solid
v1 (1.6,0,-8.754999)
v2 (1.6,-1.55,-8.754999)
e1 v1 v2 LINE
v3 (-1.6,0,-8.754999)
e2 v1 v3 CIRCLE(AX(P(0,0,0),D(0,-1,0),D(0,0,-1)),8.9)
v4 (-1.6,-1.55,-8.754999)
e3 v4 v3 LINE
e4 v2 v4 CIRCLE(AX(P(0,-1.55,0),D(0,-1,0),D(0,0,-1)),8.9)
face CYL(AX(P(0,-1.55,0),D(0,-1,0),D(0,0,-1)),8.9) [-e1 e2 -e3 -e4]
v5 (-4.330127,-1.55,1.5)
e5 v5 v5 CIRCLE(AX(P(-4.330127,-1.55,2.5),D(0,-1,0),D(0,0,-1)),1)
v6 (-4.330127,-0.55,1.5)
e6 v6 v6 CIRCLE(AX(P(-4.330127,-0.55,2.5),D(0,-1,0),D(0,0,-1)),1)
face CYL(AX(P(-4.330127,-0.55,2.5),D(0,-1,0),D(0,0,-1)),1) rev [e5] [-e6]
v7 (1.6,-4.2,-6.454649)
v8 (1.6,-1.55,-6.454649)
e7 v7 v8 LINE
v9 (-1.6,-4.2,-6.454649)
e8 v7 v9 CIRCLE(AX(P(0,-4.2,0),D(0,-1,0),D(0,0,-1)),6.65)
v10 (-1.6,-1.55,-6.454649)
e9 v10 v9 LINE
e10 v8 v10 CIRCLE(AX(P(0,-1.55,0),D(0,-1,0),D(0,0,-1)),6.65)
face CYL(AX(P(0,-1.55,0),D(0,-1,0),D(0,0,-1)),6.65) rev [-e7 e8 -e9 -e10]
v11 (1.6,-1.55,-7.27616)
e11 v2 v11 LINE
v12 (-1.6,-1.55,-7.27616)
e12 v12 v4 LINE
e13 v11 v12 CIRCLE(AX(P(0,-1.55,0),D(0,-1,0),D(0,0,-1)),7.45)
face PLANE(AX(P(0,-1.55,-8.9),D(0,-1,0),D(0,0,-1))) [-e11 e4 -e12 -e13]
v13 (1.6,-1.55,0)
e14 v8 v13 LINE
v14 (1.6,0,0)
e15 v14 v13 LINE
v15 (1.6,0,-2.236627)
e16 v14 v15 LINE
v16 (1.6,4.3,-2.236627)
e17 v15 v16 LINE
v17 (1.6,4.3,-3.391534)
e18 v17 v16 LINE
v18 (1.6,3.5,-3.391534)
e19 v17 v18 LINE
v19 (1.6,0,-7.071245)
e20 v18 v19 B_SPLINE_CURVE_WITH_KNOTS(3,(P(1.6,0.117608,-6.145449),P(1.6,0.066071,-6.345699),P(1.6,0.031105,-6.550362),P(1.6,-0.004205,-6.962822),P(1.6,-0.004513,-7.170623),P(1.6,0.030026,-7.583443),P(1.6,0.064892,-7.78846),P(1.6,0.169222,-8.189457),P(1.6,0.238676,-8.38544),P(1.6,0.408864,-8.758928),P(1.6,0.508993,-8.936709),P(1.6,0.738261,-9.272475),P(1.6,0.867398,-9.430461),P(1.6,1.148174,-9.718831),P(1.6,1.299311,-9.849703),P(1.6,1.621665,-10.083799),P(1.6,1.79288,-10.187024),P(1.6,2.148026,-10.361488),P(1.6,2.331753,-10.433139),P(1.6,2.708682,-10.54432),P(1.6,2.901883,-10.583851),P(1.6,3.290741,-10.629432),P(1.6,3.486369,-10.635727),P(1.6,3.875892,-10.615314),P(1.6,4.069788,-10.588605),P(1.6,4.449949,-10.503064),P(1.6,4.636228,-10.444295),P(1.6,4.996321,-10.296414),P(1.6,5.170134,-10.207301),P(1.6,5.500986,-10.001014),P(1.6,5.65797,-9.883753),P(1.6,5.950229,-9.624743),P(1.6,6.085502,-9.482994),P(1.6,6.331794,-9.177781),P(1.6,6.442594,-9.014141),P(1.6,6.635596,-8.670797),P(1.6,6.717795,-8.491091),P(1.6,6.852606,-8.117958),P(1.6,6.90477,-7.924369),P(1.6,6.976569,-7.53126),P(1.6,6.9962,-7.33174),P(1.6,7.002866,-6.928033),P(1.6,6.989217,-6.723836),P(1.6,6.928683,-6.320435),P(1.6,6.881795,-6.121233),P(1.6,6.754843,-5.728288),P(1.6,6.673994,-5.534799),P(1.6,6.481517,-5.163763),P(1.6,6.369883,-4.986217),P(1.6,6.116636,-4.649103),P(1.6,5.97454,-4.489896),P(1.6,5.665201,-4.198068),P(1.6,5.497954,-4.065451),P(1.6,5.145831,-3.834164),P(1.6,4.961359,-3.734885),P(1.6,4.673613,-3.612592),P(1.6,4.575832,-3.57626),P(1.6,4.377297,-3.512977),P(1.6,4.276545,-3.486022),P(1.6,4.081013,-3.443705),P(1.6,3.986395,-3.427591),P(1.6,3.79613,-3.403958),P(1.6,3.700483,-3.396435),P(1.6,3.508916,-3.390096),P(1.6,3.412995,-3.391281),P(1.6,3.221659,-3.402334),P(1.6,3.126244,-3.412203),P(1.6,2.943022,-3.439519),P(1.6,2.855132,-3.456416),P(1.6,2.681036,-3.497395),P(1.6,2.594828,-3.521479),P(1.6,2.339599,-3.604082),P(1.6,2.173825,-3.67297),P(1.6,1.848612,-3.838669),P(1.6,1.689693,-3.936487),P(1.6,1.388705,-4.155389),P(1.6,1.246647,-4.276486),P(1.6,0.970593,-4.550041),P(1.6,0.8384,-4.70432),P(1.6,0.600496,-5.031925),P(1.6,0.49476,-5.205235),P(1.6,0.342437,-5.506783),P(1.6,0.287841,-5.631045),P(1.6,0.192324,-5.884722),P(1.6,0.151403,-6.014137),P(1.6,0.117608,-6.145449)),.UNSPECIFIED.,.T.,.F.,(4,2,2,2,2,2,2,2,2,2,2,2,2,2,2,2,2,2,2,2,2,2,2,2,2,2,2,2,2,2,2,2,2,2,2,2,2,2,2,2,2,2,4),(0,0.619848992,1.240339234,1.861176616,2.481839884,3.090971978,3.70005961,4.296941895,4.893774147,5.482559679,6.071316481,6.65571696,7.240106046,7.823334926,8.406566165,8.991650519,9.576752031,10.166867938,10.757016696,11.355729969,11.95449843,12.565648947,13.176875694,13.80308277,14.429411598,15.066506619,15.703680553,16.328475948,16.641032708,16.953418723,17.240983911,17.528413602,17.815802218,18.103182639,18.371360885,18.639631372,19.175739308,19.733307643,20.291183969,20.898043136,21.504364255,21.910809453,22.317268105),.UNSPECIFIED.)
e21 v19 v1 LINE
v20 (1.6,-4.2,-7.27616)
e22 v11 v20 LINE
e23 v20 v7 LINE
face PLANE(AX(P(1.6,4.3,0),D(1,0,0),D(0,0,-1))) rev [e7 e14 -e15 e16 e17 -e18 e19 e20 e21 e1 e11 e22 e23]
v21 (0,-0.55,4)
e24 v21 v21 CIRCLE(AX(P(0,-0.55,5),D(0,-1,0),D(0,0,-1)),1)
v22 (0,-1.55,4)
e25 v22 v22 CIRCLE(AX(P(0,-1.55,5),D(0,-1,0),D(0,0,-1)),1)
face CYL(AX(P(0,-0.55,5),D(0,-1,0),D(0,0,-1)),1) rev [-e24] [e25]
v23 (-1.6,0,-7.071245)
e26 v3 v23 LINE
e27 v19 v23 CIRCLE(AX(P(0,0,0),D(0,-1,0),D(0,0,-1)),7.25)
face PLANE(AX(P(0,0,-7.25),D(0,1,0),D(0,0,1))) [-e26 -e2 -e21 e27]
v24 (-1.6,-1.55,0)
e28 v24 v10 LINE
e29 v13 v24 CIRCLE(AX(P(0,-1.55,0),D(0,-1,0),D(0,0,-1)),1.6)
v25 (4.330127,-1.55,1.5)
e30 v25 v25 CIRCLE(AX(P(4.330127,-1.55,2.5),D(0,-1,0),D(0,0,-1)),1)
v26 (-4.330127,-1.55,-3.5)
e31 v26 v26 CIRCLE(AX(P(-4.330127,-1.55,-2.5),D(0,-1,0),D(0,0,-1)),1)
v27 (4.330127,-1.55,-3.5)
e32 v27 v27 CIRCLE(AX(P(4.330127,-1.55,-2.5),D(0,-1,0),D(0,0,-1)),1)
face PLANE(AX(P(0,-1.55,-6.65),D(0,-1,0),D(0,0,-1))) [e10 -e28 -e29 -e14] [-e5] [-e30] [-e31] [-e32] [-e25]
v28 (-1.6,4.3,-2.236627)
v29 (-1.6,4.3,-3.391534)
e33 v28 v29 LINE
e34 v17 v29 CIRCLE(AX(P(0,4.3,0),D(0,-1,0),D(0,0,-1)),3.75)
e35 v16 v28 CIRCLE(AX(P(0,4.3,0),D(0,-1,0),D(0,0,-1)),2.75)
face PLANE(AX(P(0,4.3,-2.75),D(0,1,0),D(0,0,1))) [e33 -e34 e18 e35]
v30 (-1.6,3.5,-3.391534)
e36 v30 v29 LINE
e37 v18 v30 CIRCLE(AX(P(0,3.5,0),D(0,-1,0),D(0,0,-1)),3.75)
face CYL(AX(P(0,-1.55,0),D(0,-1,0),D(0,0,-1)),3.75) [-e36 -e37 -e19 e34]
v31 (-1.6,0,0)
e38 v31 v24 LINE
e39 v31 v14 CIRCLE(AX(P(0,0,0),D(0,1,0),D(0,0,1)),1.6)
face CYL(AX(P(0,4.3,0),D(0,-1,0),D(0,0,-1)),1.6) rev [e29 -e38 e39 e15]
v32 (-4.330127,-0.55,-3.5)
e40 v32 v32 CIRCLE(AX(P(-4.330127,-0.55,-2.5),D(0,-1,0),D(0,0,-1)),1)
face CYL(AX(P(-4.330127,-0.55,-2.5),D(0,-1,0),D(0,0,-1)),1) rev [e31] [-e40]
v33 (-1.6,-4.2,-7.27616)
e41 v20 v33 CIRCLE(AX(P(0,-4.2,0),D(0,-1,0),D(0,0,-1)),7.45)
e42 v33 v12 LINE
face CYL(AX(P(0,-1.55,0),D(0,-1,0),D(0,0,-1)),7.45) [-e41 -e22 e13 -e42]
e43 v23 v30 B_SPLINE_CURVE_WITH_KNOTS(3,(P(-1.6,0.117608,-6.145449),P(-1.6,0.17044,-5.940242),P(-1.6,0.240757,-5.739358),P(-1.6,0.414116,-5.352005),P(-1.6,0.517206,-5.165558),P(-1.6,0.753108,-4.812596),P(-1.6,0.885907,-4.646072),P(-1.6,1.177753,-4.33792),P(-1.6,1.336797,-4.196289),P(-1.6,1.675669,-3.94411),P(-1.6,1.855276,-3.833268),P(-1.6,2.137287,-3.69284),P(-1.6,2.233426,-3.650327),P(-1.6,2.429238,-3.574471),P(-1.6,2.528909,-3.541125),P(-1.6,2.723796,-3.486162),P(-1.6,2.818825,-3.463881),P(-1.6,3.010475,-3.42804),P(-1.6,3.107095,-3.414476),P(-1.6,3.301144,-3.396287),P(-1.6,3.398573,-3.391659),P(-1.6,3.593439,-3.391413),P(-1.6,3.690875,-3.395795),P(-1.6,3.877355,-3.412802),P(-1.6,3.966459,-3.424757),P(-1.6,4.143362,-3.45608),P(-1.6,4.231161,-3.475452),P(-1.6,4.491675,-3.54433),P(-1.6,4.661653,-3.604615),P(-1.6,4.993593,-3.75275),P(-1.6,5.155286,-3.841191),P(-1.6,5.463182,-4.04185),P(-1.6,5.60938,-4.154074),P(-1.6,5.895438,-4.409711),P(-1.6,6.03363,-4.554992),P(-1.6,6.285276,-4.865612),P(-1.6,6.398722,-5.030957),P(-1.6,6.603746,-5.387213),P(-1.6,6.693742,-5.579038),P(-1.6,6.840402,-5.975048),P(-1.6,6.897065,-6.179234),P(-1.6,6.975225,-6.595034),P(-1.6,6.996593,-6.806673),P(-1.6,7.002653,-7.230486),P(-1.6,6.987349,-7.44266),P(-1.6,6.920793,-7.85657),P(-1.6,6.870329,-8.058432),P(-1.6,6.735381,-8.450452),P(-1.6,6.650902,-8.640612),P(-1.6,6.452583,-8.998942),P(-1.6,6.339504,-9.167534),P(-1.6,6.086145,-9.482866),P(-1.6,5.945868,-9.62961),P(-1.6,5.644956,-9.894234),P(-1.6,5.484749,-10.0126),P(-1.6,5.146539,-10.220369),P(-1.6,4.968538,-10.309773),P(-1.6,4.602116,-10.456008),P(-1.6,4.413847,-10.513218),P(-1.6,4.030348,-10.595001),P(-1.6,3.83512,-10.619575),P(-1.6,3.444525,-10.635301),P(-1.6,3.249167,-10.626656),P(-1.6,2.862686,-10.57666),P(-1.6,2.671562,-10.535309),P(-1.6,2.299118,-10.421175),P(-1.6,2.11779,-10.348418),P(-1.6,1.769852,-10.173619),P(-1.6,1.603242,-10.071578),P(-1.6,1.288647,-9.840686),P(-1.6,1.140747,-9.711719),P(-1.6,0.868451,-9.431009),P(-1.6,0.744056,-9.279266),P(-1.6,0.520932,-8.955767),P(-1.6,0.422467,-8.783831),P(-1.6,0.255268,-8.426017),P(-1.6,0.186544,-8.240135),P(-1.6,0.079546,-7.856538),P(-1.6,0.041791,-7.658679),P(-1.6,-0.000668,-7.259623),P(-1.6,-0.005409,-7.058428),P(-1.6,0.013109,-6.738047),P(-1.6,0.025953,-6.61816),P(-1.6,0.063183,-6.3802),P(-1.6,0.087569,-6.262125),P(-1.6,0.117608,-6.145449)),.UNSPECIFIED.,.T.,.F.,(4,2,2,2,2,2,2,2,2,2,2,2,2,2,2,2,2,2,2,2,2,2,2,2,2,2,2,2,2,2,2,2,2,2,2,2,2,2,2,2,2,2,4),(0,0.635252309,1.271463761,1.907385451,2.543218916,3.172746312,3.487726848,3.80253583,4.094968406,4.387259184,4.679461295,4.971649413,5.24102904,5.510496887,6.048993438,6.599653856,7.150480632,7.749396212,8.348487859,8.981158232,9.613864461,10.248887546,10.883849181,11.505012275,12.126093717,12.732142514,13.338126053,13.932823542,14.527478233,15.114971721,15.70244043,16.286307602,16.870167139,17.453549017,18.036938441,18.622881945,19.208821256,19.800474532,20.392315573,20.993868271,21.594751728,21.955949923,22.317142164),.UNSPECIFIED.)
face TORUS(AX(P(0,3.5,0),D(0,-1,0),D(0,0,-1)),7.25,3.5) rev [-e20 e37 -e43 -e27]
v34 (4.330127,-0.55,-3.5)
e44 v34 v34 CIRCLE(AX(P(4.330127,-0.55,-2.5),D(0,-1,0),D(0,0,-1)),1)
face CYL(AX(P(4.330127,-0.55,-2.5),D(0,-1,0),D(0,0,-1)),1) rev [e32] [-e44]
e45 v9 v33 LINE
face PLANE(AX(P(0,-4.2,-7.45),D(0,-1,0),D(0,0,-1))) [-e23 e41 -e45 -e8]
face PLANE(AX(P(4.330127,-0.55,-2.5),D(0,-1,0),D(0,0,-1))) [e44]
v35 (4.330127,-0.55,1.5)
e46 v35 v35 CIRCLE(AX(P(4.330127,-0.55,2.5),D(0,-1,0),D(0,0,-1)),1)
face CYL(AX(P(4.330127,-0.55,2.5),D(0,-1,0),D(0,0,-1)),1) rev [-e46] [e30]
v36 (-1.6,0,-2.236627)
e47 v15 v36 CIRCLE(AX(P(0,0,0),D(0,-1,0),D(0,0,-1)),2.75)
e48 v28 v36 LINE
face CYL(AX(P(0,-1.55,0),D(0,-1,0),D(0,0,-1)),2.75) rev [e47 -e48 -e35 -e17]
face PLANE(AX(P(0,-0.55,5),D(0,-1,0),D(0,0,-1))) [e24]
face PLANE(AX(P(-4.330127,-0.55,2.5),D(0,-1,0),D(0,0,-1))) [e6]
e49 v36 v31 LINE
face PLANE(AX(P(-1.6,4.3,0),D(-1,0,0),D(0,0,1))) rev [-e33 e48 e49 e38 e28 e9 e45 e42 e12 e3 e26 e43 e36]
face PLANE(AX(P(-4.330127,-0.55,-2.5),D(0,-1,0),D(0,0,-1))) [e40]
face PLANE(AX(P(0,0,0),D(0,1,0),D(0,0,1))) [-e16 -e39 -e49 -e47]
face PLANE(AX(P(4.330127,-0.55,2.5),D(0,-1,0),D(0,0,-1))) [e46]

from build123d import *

# Parameters (mm, degrees)
CUT_EXTRUDE1_DEPTH      = 14.879571319
CUT_EXTRUDE1_DEPTH_BACK = 14.879571319
SKETCH3_R               = 1
CUT_EXTRUDE2_DEPTH      = 1


with BuildPart() as part:
    # Sketch1 → Revolve1 (revolve)
    with BuildSketch(Plane(origin=(0, 0, 0), x_dir=(0, 0, -1), z_dir=(1, 0, 0))):
        with BuildLine():
            Line((0, 0), (2.75, 0))
            Line((2.75, 0), (2.75, 4.3))
            Line((2.75, 4.3), (3.75, 4.3))
            Line((3.75, 4.3), (3.75, 3.5))
            ThreePointArc((3.75, 3.5), (4.775126266, 1.025126266), (7.25, 0))
            Line((7.25, 0), (8.9, 0))
            Line((8.9, 0), (8.9, -1.55))
            Line((8.9, -1.55), (7.45, -1.55))
            Line((7.45, -1.55), (7.45, -4.2))
            Line((7.45, -4.2), (6.65, -4.2))
            Line((6.65, -4.2), (6.65, -1.55))
            Line((6.65, -1.55), (0, -1.55))
            Line((0, -1.55), (0, 0))
        make_face()
    revolve(axis=Axis((0, -1.55, 0), (0, 1, 0)))

    # Sketch2 → Cut-Extrude1 (cut, two sides: drawn at the far end of the back side and taken through both)
    with BuildSketch(Plane.XZ.offset(1.55).offset(-CUT_EXTRUDE1_DEPTH_BACK)):
        with BuildLine():
            Line((1.6, 0), (1.6, -8.9))
            ThreePointArc((1.6, -8.9), (0, -10.5), (-1.6, -8.9))
            Line((-1.6, -8.9), (-1.6, 0))
            ThreePointArc((-1.6, 0), (0, 1.6), (1.6, 0))
        make_face()
    extrude(amount=CUT_EXTRUDE1_DEPTH + CUT_EXTRUDE1_DEPTH_BACK, mode=Mode.SUBTRACT)

    # Sketch3 → Cut-Extrude2 (cut)
    with BuildSketch(Plane.XZ.offset(1.55)):
        with Locations(Location((-4.330127019, -2.5, 0), (0, 0, 270))):
            Circle(SKETCH3_R)
        with Locations(Location((-4.330127019, 2.5, 0), (0, 0, 270))):
            Circle(SKETCH3_R)
        with Locations(Location((0, 5, 0), (0, 0, 270))):
            Circle(SKETCH3_R)
        with Locations(Location((4.330127019, 2.5, 0), (0, 0, 270))):
            Circle(SKETCH3_R)
        with Locations(Location((4.330127019, -2.5, 0), (0, 0, 270))):
            Circle(SKETCH3_R)
        with Locations((0, -5)):
            Circle(SKETCH3_R)
    extrude(amount=-CUT_EXTRUDE2_DEPTH, mode=Mode.SUBTRACT)


solid = part.part
